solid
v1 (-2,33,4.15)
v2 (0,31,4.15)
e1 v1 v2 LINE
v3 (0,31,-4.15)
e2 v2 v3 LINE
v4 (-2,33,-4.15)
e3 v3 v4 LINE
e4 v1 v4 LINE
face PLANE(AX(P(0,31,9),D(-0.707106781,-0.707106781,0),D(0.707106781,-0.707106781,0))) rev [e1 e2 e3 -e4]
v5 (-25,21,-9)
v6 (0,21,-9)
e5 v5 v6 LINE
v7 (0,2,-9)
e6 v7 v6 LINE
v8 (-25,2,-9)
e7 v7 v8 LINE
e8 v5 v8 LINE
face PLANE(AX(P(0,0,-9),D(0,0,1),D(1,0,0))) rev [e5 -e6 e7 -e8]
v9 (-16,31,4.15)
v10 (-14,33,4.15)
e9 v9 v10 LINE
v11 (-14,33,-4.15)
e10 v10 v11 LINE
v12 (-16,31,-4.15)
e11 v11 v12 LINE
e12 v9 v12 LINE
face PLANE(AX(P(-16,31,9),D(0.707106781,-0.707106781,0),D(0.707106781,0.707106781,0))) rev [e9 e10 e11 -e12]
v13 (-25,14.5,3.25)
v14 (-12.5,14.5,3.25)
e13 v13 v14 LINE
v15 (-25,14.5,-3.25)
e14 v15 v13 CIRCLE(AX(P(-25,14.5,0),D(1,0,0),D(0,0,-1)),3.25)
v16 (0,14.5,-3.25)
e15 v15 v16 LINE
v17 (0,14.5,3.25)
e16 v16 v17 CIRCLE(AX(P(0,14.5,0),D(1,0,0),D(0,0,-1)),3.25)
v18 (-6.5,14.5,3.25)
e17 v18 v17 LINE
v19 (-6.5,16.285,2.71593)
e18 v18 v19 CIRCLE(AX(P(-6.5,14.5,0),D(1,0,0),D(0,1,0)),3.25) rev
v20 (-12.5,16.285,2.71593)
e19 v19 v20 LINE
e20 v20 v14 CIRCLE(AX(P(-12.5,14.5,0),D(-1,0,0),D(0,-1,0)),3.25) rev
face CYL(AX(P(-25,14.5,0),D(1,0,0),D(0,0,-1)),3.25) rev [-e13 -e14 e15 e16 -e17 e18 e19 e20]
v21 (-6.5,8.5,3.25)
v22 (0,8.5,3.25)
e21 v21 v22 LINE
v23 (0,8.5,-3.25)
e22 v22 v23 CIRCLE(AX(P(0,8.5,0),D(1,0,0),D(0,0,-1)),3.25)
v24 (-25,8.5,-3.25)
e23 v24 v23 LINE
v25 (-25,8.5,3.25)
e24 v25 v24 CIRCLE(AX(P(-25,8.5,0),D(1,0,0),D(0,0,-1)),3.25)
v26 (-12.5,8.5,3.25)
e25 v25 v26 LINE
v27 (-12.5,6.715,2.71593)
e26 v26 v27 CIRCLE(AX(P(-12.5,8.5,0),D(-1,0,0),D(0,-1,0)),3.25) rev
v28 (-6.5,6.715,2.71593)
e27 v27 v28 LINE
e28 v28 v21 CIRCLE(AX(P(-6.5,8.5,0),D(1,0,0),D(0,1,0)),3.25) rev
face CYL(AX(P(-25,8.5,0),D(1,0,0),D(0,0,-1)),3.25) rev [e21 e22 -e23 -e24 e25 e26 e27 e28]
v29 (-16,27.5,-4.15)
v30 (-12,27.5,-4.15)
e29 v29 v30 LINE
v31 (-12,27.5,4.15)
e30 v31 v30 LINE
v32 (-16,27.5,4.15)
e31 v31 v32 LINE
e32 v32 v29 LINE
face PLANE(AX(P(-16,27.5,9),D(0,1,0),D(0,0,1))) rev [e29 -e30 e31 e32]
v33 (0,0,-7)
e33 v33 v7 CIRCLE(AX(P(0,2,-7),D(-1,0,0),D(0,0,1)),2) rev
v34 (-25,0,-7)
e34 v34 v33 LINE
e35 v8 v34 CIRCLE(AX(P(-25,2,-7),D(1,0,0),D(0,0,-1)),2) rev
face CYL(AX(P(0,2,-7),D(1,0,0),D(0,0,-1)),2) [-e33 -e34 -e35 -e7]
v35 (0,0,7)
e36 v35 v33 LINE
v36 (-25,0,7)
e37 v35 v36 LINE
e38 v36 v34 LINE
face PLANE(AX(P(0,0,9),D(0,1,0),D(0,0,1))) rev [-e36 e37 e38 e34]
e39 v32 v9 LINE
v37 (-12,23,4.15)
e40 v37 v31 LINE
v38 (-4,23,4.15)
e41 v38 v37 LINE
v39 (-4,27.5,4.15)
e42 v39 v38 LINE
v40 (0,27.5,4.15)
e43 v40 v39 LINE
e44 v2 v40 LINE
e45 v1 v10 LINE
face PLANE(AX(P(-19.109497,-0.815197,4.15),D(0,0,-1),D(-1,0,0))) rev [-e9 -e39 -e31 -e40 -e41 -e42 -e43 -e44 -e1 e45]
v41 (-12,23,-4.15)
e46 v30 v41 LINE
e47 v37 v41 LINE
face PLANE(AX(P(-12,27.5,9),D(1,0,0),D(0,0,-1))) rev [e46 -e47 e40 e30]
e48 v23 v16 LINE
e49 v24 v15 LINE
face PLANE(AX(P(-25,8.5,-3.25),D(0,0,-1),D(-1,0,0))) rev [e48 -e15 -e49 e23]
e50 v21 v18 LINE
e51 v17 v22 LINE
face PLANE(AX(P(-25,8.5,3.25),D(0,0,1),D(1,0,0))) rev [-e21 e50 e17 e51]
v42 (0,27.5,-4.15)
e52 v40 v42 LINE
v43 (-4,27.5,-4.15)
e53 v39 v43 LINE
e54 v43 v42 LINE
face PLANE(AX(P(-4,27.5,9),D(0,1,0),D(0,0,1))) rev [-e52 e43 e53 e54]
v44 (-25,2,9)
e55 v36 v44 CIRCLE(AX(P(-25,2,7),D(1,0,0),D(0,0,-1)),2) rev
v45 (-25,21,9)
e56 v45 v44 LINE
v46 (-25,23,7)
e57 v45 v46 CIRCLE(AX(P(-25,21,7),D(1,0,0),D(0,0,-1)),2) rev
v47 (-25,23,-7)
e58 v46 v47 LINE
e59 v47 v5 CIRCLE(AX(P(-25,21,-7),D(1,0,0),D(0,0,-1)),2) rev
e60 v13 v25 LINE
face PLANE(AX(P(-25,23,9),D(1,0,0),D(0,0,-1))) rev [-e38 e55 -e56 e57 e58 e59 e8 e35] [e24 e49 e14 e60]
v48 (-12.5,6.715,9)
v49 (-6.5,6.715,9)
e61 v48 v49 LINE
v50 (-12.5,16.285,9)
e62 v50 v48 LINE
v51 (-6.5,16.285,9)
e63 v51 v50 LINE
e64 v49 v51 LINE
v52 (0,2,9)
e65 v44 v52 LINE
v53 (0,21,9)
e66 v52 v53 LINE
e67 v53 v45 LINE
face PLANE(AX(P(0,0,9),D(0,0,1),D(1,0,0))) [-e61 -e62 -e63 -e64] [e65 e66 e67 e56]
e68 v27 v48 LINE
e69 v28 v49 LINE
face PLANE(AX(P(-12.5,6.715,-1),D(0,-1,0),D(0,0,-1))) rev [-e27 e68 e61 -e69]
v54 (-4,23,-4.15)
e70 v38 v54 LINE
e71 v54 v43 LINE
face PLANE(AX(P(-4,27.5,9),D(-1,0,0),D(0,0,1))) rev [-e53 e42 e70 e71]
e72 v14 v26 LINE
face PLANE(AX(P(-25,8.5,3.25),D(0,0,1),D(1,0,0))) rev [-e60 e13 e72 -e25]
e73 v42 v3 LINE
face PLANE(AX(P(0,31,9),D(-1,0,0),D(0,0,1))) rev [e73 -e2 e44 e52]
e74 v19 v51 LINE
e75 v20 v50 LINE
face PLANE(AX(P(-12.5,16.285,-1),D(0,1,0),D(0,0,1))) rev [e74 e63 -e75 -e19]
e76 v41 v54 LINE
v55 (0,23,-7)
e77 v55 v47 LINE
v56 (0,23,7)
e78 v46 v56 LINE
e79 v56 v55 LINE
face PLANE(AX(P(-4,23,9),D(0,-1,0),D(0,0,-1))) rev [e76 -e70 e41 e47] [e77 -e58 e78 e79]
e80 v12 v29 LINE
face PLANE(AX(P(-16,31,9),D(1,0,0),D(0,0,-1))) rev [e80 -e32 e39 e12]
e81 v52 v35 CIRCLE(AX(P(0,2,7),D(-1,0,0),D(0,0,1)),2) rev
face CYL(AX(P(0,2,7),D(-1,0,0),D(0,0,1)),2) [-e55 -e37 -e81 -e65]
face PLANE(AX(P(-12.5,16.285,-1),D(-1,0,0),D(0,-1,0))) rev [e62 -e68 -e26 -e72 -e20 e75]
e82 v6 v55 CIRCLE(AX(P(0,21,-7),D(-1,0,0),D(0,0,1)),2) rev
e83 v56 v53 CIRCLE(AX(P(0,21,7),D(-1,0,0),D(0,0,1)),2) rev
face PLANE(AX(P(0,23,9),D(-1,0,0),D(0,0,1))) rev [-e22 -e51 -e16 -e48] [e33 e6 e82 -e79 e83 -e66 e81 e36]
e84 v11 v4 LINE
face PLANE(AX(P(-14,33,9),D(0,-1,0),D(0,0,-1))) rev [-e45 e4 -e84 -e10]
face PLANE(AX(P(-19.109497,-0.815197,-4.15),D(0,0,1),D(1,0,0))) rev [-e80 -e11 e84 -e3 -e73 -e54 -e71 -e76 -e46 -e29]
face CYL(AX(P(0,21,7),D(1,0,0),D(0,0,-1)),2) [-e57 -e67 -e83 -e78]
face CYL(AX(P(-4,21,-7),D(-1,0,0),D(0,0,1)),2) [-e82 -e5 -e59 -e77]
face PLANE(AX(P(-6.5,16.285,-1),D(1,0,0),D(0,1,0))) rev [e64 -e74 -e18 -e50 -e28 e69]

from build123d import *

# Parameters (mm, degrees)
EXTRUDE_1_DEPTH     = 9
CUT_EXTRUDE_1_REACH = 44.367
SKETCH_3_W          = 19.10949688
SKETCH_3_H          = 7.850581447
SKETCH_3_W_2        = 21.646823843
SKETCH_3_H_2        = 9.928676536
CUT_EXTRUDE_2_DEPTH = 43.367440329
SKETCH_5_W          = 6
SKETCH_5_H          = 9.57
CUT_EXTRUDE_3_DEPTH = 10
FILLET_1_R          = 2


with BuildPart() as part:
    # 草图1 → 凸台-拉伸1 (new, symmetric)
    with BuildSketch(Plane.XY):
        Polygon((-14, 33), (-2, 33), (0, 31), (0, 27.5), (-4, 27.5), (-4, 23), (0, 23), (0, 0), (-25, 0), (-25, 23), (-12, 23), (-12, 27.5), (-16, 27.5), (-16, 31), align=None)
    extrude(amount=EXTRUDE_1_DEPTH, both=True)

    # 切除-拉伸1: up to this face of the body (flat: up to its plane)
    cut_extrude_1_end = Plane(part.part.faces().sort_by_distance((-18.5, 23, 0))[0])
    # 草图3 → 切除-拉伸1 (cut, up to the picked face)
    with BuildSketch(Plane(origin=(0, 33, 0), x_dir=(1, 0, 0), z_dir=(0, 1, 0)), mode=Mode.PRIVATE) as cut_extrude_1_sk1:
        with Locations((-9.55474844, 8.075290724)):
            Rectangle(SKETCH_3_W, SKETCH_3_H)
    cut_extrude_1_tool1 = split(extrude(cut_extrude_1_sk1.sketch, amount=-CUT_EXTRUDE_1_REACH, mode=Mode.PRIVATE), bisect_by=cut_extrude_1_end, keep=Keep.BOTH, mode=Mode.PRIVATE)
    # 草图3 → 切除-拉伸1 (cut, up to the picked face)
    with BuildSketch(Plane(origin=(0, 33, 0), x_dir=(1, 0, 0), z_dir=(0, 1, 0)), mode=Mode.PRIVATE) as cut_extrude_1_sk2:
        with Locations((-8.286084959, -9.114338268)):
            Rectangle(SKETCH_3_W_2, SKETCH_3_H_2)
    cut_extrude_1_tool2 = split(extrude(cut_extrude_1_sk2.sketch, amount=-CUT_EXTRUDE_1_REACH, mode=Mode.PRIVATE), bisect_by=cut_extrude_1_end, keep=Keep.BOTH, mode=Mode.PRIVATE)
    add(cut_extrude_1_tool1.solids().sort_by(Axis((-9.554748, 33, -8.075291), (0, -1, 0)))[0], mode=Mode.SUBTRACT)
    add(cut_extrude_1_tool2.solids().sort_by(Axis((-8.286085, 33, 9.114338), (0, -1, 0)))[0], mode=Mode.SUBTRACT)

    # 草图4 → 切除-拉伸2 (cut, through all)
    with BuildSketch(Plane(origin=(0, 0, 0), x_dir=(0, 0, -1), z_dir=(1, 0, 0))):
        with BuildLine():
            Line((-3.25, 8.5), (-3.25, 14.5))
            ThreePointArc((-3.25, 14.5), (0, 17.75), (3.25, 14.5))
            Line((3.25, 14.5), (3.25, 8.5))
            ThreePointArc((3.25, 8.5), (0, 5.25), (-3.25, 8.5))
        make_face()
    extrude(amount=-CUT_EXTRUDE_2_DEPTH, mode=Mode.SUBTRACT)

    # 草图5 → 切除-拉伸3 (cut)
    with BuildSketch(Plane.XY.offset(9)):
        with Locations((-9.5, 11.5)):
            Rectangle(SKETCH_5_W, SKETCH_5_H)
    extrude(amount=-CUT_EXTRUDE_3_DEPTH, mode=Mode.SUBTRACT)

    # 圆角1
    fillet_1_edges = [part.edges().sort_by_distance(p)[0] for p in [
        (-12.5, 23, -9),
        (-12.5, 0, -9),
        (-12.5, 23, 9),
        (-12.5, 0, 9),
    ]]
    fillet(fillet_1_edges, radius=FILLET_1_R)


solid = part.part
